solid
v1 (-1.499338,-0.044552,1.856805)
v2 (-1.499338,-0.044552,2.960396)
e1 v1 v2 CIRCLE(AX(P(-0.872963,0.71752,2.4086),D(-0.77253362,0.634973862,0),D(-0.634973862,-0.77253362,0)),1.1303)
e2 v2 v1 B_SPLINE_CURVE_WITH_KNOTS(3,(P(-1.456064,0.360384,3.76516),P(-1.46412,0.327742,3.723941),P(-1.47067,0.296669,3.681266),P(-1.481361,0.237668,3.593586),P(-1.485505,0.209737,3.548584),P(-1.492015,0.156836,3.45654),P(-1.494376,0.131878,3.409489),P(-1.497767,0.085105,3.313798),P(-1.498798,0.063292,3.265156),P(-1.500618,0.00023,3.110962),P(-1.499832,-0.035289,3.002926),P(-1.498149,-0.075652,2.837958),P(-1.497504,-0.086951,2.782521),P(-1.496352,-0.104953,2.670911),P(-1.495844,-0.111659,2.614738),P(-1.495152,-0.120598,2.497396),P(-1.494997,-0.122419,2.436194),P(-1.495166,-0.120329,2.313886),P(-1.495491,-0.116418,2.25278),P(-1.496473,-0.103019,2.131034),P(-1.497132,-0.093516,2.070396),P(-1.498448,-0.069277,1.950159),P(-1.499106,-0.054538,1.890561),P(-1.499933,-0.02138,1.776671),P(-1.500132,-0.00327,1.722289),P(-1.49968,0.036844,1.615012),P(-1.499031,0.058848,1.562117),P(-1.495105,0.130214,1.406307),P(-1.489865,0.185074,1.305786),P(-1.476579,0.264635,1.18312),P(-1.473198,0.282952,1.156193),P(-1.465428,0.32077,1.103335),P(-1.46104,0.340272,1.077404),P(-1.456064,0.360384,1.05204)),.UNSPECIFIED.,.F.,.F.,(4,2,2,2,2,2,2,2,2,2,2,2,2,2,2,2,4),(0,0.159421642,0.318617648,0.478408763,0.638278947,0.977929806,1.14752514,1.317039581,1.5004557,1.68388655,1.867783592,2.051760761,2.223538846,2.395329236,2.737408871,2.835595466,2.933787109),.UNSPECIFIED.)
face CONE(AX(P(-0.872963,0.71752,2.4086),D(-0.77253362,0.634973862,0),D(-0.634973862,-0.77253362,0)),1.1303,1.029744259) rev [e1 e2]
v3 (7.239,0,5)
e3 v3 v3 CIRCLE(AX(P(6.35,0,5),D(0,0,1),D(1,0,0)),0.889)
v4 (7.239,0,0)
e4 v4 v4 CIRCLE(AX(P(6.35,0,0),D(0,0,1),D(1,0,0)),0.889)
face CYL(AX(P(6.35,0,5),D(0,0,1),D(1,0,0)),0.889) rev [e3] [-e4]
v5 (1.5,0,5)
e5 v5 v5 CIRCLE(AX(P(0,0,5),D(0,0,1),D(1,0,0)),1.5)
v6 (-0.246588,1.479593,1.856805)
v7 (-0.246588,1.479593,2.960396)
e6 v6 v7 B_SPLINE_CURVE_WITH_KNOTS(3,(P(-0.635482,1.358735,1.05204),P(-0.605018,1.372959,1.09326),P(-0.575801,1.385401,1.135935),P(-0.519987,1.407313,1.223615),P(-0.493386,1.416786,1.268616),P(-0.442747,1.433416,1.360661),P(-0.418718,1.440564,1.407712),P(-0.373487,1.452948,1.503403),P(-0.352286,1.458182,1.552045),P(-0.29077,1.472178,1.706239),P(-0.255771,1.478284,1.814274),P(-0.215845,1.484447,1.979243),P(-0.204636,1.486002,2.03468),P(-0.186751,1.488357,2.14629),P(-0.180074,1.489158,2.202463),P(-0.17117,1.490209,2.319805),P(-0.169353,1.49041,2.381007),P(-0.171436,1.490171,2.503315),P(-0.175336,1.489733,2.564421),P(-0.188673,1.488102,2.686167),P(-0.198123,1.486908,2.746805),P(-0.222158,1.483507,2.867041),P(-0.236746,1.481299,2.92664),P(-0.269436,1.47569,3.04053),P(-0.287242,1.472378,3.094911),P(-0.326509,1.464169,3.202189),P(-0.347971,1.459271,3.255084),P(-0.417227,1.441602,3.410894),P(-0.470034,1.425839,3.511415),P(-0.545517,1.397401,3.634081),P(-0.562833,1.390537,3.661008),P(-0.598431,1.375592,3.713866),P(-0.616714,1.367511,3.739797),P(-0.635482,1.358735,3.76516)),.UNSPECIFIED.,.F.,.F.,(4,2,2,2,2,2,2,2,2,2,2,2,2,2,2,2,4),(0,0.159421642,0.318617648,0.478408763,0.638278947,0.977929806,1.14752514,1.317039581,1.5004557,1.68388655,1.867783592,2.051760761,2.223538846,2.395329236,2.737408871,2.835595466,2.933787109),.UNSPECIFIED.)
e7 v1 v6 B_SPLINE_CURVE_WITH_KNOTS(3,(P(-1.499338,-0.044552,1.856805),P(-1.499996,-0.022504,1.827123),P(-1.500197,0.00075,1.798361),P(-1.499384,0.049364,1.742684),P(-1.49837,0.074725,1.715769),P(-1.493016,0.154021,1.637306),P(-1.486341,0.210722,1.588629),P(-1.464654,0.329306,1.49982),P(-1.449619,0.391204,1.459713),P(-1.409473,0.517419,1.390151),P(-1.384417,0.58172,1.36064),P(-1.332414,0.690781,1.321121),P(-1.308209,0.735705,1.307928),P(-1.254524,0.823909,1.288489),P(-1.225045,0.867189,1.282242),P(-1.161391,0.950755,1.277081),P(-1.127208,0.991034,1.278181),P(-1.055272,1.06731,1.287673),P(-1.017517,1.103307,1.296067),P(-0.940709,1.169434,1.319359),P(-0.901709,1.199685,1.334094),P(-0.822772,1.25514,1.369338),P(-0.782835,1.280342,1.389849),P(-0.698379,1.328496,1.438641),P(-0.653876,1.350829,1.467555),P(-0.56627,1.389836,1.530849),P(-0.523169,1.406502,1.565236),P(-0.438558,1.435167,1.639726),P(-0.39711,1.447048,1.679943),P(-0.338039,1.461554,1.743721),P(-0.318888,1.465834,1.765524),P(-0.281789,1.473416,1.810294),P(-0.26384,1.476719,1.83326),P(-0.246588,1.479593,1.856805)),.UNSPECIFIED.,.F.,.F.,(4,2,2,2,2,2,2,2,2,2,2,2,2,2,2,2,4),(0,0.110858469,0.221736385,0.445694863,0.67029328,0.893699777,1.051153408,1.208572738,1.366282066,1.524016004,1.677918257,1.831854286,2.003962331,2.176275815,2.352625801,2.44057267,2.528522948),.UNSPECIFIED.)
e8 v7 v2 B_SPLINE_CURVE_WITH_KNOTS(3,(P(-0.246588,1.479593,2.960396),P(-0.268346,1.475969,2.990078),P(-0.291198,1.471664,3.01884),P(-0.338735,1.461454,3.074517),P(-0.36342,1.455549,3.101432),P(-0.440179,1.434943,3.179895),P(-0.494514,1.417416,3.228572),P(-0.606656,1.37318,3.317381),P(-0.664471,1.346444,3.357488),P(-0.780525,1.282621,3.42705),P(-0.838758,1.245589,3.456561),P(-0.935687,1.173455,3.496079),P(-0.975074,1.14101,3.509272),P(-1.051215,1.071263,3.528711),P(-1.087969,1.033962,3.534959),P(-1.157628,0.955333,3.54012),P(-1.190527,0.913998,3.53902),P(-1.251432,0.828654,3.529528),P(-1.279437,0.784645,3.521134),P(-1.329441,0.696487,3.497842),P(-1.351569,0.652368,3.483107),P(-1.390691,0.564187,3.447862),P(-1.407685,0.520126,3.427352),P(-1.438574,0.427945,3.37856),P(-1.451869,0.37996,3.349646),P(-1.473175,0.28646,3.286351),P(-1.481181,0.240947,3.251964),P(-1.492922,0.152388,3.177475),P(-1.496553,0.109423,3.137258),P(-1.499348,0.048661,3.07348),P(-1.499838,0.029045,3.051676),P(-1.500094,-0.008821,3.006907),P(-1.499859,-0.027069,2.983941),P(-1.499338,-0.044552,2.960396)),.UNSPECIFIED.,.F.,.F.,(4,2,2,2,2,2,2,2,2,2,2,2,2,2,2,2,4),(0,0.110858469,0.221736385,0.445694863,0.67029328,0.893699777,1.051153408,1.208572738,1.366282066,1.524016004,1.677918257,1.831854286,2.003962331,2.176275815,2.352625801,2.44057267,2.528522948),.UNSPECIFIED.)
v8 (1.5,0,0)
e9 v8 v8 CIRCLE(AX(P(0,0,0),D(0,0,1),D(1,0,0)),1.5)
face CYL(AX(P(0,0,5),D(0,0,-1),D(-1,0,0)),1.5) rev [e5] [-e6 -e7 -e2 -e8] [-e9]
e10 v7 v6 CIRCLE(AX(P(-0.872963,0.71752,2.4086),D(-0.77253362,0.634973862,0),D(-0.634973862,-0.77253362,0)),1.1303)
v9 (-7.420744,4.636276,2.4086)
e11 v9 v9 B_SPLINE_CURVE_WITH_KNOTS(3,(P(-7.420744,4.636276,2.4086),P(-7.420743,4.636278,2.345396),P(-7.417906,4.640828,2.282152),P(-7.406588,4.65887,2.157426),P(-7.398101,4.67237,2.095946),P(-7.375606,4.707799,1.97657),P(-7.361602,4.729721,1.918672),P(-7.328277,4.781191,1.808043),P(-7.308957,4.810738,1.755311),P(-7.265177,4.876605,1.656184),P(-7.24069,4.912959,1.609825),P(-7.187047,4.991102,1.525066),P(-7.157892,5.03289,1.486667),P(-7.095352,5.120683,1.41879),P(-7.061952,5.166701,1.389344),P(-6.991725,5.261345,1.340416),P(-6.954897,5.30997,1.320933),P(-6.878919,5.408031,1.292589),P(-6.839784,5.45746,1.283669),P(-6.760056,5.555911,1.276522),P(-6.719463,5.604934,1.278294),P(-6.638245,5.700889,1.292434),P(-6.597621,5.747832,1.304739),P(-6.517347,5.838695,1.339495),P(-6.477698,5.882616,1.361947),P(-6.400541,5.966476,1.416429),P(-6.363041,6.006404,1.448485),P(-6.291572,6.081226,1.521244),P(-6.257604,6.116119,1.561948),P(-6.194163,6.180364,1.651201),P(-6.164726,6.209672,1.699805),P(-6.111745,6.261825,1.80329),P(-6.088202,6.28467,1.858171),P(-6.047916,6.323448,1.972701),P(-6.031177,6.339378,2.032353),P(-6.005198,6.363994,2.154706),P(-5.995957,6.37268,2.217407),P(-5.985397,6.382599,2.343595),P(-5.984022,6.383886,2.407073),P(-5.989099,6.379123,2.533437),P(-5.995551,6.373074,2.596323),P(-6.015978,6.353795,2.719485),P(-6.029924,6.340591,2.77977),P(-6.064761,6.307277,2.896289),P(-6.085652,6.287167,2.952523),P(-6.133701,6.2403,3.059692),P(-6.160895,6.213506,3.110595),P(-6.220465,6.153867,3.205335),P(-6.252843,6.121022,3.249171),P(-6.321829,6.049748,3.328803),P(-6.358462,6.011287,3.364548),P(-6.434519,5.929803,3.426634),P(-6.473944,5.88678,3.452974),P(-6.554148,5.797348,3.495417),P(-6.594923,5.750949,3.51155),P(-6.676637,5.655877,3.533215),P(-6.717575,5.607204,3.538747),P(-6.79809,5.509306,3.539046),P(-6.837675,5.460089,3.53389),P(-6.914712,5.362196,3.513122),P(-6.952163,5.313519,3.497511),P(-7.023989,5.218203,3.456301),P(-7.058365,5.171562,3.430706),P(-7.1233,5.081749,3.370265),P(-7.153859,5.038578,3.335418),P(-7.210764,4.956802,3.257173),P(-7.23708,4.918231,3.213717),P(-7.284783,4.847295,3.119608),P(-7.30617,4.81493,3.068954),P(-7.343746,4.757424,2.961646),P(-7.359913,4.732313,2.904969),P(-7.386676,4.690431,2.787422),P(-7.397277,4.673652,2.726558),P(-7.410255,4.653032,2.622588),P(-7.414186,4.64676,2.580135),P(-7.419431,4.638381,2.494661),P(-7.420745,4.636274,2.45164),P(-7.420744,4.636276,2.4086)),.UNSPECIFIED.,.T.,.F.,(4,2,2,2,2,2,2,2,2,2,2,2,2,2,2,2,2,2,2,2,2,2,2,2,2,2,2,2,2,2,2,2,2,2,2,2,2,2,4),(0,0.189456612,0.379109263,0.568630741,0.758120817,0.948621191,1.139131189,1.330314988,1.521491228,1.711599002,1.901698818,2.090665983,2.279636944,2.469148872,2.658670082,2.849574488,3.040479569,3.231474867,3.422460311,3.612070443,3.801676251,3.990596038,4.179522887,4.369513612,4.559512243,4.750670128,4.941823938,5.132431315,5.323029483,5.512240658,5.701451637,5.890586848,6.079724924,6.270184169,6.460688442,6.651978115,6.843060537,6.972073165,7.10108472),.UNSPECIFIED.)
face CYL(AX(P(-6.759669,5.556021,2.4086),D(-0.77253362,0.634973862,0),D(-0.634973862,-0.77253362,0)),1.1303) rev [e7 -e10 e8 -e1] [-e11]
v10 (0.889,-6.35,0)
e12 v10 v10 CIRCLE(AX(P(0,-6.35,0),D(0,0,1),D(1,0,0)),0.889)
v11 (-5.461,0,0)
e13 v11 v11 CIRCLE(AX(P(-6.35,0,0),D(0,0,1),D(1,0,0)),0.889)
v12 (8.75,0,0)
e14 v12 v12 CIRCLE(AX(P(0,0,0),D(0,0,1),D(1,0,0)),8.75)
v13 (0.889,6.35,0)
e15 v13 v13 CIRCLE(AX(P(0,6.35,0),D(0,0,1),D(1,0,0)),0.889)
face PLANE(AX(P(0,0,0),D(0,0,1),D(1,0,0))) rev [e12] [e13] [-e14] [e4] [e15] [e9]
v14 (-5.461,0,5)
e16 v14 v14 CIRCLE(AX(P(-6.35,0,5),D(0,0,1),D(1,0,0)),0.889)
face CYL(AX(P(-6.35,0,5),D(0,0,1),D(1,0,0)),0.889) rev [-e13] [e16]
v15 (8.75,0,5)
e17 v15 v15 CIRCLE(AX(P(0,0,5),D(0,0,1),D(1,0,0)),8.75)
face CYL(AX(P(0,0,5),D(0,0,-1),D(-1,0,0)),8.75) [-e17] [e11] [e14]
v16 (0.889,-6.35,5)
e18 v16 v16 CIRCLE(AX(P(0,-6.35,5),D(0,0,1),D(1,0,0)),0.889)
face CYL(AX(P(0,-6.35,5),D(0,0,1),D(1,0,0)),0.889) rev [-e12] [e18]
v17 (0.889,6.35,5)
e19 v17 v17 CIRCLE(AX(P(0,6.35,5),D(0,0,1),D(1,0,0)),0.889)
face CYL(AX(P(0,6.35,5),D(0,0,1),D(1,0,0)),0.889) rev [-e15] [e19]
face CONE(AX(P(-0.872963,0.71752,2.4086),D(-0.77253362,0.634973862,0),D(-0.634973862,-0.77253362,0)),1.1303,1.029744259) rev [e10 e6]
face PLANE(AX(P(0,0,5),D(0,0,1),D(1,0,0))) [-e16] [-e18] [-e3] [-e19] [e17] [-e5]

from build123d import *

# Parameters (mm, degrees)
SKETCH1_R                 = 8.75
SKETCH1_R_2               = 1.5
BOSS_EXTRUDE1_DEPTH       = 5
F_2_56_TAPPED_HOLE1_D     = 1.778
F_4_40_TAPPED_HOLE1_D     = 2.2606
F_4_40_TAPPED_HOLE1_DEPTH = 7.62
F_4_40_TAPPED_HOLE1_TIP   = 0.679152758


with BuildPart() as part:
    # Sketch1 → Boss-Extrude1 (new body)
    with BuildSketch(Plane.XY):
        Circle(SKETCH1_R)
        Circle(SKETCH1_R_2, mode=Mode.SUBTRACT)
    extrude(amount=BOSS_EXTRUDE1_DEPTH)

    # #2-56 Tapped Hole1 (through all)
    with Locations(Plane.XY.offset(5)):
        with Locations((-6.35, 0), (0, 6.35), (6.35, 0), (0, -6.35)):
            Hole(F_2_56_TAPPED_HOLE1_D / 2)

    # #4-40 Tapped Hole1
    with Locations(Plane(origin=(-6.759669176, 5.556021295, 2.40860038), x_dir=(-0.634973862285, -0.772533620119, 0), z_dir=(-0.772533620119, 0.634973862285, 0))):
        with Locations((0, 0)):
            Hole(F_4_40_TAPPED_HOLE1_D / 2, depth=F_4_40_TAPPED_HOLE1_DEPTH)
            with Locations((0, 0, -(F_4_40_TAPPED_HOLE1_DEPTH + F_4_40_TAPPED_HOLE1_TIP / 2))):  # 118° drill point
                Cone(0, F_4_40_TAPPED_HOLE1_D / 2, F_4_40_TAPPED_HOLE1_TIP, mode=Mode.SUBTRACT)


solid = part.part
